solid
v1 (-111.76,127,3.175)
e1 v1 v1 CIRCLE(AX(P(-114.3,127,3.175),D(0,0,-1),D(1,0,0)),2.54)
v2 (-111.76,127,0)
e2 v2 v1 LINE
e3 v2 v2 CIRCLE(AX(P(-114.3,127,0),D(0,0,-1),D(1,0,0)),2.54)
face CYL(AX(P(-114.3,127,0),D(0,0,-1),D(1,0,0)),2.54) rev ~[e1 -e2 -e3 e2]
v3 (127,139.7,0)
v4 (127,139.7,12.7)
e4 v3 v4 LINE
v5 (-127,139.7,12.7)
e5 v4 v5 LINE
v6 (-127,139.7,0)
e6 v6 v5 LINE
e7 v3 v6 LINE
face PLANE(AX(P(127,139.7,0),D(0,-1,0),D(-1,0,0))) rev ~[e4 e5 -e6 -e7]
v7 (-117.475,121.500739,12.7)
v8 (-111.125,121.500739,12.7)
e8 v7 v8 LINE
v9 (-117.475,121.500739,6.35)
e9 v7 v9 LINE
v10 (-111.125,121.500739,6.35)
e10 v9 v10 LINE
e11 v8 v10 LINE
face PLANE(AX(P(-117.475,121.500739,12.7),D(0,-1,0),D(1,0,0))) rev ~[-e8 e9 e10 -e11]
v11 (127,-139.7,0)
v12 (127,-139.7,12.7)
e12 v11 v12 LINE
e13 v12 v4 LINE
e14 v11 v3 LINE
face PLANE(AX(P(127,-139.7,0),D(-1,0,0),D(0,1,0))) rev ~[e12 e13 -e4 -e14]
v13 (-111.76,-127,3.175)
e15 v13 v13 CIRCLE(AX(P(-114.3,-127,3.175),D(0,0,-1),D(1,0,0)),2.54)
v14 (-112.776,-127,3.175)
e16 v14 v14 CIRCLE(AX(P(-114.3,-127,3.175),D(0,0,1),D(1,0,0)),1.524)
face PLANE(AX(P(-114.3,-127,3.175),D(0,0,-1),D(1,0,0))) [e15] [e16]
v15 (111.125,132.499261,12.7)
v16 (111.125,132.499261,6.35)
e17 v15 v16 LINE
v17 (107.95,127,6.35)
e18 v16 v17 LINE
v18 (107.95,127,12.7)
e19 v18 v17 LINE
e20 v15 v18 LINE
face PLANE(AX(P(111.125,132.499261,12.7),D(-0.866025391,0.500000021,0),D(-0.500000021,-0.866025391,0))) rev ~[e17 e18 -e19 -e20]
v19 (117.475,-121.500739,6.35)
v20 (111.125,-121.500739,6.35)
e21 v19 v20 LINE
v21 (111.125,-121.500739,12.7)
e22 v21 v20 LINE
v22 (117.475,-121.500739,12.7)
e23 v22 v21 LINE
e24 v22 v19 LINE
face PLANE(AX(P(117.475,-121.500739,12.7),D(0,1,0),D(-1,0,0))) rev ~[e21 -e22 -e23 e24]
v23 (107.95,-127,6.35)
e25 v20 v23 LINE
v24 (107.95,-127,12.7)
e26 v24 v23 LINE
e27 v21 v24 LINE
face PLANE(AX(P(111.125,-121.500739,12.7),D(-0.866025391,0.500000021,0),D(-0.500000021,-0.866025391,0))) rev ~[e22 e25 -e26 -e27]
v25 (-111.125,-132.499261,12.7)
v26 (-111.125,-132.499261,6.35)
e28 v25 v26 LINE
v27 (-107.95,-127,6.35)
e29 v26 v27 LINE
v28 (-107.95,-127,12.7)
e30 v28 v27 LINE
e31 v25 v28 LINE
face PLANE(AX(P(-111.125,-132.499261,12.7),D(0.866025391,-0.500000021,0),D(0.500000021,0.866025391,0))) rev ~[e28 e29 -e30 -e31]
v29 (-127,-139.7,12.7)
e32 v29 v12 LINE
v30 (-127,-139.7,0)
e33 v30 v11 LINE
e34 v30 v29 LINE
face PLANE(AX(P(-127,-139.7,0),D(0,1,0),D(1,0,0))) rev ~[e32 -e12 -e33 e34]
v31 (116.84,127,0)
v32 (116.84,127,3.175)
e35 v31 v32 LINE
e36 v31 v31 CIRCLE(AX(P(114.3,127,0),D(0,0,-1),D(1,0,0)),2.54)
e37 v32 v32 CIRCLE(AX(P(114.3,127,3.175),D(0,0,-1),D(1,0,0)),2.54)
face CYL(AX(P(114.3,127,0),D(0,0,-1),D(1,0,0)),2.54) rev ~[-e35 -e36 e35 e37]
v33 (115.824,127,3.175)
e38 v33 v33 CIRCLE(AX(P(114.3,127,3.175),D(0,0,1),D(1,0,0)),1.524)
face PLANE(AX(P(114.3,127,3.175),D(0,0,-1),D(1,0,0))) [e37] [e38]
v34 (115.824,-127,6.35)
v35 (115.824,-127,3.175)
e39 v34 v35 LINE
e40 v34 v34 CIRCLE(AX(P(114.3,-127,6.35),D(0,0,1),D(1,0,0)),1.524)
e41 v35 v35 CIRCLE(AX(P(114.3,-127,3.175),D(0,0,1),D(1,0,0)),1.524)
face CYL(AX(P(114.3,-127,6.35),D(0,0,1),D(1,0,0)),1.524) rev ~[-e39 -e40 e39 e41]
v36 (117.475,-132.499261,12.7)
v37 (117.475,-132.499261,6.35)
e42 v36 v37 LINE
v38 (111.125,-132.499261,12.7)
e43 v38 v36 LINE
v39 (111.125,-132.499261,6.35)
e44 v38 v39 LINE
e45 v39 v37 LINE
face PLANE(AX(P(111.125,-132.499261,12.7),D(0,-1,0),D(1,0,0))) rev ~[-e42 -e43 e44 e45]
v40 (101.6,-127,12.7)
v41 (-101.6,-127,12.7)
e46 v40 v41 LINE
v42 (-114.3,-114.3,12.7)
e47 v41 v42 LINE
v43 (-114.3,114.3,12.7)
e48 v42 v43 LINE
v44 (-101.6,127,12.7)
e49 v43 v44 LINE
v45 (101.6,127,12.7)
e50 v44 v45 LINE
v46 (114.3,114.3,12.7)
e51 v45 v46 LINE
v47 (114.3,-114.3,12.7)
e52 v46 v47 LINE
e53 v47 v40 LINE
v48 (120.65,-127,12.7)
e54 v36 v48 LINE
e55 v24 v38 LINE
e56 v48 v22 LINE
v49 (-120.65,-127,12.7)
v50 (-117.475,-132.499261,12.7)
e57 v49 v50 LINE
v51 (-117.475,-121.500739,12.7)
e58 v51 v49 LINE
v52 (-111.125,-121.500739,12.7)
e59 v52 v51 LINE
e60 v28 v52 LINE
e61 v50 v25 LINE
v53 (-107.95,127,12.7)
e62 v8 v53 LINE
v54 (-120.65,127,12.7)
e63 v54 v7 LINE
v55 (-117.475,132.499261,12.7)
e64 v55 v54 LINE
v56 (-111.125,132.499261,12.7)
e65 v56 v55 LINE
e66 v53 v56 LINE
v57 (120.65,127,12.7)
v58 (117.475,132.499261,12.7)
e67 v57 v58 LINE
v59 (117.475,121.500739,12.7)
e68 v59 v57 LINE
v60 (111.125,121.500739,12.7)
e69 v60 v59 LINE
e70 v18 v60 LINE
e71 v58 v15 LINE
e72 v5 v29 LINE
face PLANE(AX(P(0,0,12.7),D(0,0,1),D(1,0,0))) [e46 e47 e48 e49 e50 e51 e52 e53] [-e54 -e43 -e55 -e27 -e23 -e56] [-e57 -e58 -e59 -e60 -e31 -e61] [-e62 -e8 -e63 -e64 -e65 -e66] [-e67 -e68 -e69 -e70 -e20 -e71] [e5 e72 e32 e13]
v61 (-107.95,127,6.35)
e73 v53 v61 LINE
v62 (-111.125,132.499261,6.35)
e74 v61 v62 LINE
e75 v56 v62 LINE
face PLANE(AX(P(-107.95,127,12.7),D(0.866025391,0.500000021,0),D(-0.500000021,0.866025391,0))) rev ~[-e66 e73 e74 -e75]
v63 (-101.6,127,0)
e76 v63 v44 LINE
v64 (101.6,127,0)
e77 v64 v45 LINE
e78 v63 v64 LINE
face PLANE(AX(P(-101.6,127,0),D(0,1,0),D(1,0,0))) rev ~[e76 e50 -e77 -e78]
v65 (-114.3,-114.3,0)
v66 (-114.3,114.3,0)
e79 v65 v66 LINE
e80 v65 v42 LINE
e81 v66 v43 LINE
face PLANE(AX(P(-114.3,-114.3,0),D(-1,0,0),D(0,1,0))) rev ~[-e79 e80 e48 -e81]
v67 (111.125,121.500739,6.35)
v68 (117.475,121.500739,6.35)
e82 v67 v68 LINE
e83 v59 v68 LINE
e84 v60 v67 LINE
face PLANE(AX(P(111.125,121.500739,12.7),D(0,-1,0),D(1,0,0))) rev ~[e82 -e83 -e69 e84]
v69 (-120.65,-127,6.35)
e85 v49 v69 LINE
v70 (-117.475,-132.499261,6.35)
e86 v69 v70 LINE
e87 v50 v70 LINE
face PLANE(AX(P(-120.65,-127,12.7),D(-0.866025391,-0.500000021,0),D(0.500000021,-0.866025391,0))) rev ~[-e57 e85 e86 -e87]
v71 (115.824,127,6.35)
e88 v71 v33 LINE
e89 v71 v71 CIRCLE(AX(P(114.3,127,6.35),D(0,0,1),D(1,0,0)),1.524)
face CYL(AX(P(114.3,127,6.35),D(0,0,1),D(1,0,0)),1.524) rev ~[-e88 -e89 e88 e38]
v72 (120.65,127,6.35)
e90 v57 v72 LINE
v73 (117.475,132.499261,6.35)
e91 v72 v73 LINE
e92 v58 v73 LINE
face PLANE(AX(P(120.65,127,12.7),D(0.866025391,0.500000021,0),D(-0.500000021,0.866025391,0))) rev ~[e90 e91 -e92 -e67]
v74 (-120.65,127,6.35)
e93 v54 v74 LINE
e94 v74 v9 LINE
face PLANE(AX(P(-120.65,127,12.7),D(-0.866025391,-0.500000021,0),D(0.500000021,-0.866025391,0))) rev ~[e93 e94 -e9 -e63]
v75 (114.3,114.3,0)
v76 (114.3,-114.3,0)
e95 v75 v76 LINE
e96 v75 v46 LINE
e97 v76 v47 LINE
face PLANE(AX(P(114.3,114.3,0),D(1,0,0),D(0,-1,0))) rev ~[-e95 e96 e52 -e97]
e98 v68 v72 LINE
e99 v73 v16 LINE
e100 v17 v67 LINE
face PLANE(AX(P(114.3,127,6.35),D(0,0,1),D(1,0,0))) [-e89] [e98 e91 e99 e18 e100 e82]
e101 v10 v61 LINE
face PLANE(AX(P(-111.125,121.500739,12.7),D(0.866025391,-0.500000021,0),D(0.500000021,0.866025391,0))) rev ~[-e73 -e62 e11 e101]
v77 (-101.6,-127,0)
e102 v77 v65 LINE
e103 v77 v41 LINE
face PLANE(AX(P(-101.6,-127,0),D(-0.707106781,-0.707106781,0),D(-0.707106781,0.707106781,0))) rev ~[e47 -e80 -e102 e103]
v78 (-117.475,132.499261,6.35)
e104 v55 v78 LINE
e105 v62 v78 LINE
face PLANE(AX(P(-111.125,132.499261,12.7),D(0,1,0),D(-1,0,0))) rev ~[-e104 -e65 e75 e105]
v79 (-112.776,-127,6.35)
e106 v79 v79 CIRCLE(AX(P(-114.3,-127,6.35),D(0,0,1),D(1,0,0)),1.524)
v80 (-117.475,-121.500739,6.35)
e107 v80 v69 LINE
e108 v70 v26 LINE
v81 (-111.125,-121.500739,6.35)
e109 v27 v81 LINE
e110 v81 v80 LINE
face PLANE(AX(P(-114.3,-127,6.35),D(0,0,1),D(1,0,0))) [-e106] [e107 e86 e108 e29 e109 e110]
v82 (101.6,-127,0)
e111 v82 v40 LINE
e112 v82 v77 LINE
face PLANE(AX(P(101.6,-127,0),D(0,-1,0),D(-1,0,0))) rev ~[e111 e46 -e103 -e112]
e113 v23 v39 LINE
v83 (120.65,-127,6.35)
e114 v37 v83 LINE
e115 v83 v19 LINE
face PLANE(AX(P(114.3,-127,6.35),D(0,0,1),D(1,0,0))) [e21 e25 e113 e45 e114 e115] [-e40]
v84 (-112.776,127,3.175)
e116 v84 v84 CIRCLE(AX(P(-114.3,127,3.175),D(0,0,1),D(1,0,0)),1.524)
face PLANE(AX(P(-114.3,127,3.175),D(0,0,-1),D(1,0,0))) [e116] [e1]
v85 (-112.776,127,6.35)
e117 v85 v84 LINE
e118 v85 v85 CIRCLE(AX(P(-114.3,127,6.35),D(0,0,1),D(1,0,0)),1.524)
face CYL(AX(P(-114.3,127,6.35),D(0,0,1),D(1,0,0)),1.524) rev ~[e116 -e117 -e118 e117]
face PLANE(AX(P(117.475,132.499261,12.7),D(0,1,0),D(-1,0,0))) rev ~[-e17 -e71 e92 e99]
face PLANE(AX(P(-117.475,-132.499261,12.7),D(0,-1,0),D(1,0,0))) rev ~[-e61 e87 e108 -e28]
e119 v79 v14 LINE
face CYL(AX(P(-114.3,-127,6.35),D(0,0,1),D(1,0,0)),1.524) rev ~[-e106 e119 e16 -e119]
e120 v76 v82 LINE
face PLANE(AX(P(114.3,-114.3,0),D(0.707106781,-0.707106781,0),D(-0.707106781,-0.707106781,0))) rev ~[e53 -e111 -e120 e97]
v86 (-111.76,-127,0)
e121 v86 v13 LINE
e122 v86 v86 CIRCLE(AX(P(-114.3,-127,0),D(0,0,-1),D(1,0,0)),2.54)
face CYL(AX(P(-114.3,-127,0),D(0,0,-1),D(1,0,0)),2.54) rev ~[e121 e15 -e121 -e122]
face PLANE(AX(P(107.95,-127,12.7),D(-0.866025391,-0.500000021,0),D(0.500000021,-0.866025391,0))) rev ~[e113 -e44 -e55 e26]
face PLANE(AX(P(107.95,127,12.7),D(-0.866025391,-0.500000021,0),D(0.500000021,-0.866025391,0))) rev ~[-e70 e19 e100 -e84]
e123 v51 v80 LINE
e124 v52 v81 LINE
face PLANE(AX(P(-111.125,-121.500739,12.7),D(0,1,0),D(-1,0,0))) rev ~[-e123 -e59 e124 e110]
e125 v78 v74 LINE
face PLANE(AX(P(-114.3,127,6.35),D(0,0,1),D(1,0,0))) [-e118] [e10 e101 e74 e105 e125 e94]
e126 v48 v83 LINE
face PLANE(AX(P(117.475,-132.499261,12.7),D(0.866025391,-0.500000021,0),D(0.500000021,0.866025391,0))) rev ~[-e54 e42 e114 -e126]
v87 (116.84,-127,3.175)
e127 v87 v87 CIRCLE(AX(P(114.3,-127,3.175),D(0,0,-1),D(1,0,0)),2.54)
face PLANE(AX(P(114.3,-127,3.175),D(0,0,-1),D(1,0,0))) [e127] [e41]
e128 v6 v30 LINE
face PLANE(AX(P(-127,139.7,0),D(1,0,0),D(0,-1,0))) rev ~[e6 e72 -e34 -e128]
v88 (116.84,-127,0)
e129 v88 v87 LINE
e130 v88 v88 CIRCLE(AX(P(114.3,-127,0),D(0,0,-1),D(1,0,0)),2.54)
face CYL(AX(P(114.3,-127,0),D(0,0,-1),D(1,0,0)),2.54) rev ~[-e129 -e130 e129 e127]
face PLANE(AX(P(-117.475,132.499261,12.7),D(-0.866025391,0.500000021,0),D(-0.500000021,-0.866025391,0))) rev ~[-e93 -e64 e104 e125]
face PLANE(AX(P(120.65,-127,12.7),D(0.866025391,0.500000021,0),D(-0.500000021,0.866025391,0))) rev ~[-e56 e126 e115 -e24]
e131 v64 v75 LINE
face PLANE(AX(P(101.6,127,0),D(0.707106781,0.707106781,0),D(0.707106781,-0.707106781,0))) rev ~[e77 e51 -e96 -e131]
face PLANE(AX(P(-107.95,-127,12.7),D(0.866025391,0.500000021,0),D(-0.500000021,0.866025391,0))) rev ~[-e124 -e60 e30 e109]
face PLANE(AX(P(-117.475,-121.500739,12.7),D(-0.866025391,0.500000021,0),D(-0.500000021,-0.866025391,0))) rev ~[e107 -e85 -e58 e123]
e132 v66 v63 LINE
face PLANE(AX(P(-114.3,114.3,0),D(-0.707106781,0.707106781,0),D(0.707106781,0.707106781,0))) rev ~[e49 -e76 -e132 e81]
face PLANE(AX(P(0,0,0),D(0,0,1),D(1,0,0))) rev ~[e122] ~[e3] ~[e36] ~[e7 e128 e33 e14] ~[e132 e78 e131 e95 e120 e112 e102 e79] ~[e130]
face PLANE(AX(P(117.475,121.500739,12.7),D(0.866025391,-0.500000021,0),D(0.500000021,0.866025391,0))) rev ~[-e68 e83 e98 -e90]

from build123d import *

# Parameters (mm, degrees)
F1_DEPTH = 12.7
F3_DEPTH = 6.35
F4_R     = 1.524
F5_DEPTH = 6.351
F6_R     = 2.54
F7_DEPTH = 3.175


with BuildPart() as f1:
    # F0 (on Top) → F1 (new body)
    with BuildSketch(Plane.XY):
        Polygon((127, 114.3), (127, 139.7), (101.6, 139.7), (-101.6, 139.7), (-127, 139.7), (-127, 114.3), (-127, -114.3), (-127, -139.7), (-101.6, -139.7), (101.6, -139.7), (127, -139.7), (127, -114.3), align=None)
        Polygon((-101.6, 127), (101.6, 127), (114.3, 114.3), (114.3, -114.3), (101.6, -127), (-101.6, -127), (-114.3, -114.3), (-114.3, 114.3), align=None, mode=Mode.SUBTRACT)
    extrude(amount=F1_DEPTH)

    # F2 (on face) → F3 (cut)
    with BuildSketch(Plane.XY.offset(12.7)):
        Polygon((111.125, -121.500739), (107.95, -127), (111.125, -132.499261), (117.475, -132.499261), (120.65, -127), (117.475, -121.500739), align=None)
        Polygon((-117.475, -132.499261), (-111.125, -132.499261), (-107.95, -127), (-111.125, -121.500739), (-117.475, -121.500739), (-120.65, -127), align=None)
        Polygon((-107.95, 127), (-111.125, 132.499261), (-117.475, 132.499261), (-120.65, 127), (-117.475, 121.500739), (-111.125, 121.500739), align=None)
        Polygon((120.65, 127), (117.475, 132.499261), (111.125, 132.499261), (107.95, 127), (111.125, 121.500739), (117.475, 121.500739), align=None)
    extrude(amount=-F3_DEPTH, mode=Mode.SUBTRACT)

    # F4 (on face) → F5 (cut, through all)
    with BuildSketch(Plane.XY.offset(6.35)):
        with Locations((-114.3, 127)):
            Circle(F4_R)
        with Locations((114.3, 127)):
            Circle(F4_R)
        with Locations((114.3, -127)):
            Circle(F4_R)
        with Locations((-114.3, -127)):
            Circle(F4_R)
    extrude(amount=-F5_DEPTH, mode=Mode.SUBTRACT)

    # F6 (on face) → F7 (cut)
    with BuildSketch(Plane(origin=(0, 0, 0), x_dir=(1, 0, 0), z_dir=(0, 0, -1))):
        with Locations((-114.3, 127)):
            Circle(F6_R)
        with Locations((114.3, 127)):
            Circle(F6_R)
        with Locations((-114.3, -127)):
            Circle(F6_R)
        with Locations((114.3, -127)):
            Circle(F6_R)
    extrude(amount=-F7_DEPTH, mode=Mode.SUBTRACT)


solid = f1.part
